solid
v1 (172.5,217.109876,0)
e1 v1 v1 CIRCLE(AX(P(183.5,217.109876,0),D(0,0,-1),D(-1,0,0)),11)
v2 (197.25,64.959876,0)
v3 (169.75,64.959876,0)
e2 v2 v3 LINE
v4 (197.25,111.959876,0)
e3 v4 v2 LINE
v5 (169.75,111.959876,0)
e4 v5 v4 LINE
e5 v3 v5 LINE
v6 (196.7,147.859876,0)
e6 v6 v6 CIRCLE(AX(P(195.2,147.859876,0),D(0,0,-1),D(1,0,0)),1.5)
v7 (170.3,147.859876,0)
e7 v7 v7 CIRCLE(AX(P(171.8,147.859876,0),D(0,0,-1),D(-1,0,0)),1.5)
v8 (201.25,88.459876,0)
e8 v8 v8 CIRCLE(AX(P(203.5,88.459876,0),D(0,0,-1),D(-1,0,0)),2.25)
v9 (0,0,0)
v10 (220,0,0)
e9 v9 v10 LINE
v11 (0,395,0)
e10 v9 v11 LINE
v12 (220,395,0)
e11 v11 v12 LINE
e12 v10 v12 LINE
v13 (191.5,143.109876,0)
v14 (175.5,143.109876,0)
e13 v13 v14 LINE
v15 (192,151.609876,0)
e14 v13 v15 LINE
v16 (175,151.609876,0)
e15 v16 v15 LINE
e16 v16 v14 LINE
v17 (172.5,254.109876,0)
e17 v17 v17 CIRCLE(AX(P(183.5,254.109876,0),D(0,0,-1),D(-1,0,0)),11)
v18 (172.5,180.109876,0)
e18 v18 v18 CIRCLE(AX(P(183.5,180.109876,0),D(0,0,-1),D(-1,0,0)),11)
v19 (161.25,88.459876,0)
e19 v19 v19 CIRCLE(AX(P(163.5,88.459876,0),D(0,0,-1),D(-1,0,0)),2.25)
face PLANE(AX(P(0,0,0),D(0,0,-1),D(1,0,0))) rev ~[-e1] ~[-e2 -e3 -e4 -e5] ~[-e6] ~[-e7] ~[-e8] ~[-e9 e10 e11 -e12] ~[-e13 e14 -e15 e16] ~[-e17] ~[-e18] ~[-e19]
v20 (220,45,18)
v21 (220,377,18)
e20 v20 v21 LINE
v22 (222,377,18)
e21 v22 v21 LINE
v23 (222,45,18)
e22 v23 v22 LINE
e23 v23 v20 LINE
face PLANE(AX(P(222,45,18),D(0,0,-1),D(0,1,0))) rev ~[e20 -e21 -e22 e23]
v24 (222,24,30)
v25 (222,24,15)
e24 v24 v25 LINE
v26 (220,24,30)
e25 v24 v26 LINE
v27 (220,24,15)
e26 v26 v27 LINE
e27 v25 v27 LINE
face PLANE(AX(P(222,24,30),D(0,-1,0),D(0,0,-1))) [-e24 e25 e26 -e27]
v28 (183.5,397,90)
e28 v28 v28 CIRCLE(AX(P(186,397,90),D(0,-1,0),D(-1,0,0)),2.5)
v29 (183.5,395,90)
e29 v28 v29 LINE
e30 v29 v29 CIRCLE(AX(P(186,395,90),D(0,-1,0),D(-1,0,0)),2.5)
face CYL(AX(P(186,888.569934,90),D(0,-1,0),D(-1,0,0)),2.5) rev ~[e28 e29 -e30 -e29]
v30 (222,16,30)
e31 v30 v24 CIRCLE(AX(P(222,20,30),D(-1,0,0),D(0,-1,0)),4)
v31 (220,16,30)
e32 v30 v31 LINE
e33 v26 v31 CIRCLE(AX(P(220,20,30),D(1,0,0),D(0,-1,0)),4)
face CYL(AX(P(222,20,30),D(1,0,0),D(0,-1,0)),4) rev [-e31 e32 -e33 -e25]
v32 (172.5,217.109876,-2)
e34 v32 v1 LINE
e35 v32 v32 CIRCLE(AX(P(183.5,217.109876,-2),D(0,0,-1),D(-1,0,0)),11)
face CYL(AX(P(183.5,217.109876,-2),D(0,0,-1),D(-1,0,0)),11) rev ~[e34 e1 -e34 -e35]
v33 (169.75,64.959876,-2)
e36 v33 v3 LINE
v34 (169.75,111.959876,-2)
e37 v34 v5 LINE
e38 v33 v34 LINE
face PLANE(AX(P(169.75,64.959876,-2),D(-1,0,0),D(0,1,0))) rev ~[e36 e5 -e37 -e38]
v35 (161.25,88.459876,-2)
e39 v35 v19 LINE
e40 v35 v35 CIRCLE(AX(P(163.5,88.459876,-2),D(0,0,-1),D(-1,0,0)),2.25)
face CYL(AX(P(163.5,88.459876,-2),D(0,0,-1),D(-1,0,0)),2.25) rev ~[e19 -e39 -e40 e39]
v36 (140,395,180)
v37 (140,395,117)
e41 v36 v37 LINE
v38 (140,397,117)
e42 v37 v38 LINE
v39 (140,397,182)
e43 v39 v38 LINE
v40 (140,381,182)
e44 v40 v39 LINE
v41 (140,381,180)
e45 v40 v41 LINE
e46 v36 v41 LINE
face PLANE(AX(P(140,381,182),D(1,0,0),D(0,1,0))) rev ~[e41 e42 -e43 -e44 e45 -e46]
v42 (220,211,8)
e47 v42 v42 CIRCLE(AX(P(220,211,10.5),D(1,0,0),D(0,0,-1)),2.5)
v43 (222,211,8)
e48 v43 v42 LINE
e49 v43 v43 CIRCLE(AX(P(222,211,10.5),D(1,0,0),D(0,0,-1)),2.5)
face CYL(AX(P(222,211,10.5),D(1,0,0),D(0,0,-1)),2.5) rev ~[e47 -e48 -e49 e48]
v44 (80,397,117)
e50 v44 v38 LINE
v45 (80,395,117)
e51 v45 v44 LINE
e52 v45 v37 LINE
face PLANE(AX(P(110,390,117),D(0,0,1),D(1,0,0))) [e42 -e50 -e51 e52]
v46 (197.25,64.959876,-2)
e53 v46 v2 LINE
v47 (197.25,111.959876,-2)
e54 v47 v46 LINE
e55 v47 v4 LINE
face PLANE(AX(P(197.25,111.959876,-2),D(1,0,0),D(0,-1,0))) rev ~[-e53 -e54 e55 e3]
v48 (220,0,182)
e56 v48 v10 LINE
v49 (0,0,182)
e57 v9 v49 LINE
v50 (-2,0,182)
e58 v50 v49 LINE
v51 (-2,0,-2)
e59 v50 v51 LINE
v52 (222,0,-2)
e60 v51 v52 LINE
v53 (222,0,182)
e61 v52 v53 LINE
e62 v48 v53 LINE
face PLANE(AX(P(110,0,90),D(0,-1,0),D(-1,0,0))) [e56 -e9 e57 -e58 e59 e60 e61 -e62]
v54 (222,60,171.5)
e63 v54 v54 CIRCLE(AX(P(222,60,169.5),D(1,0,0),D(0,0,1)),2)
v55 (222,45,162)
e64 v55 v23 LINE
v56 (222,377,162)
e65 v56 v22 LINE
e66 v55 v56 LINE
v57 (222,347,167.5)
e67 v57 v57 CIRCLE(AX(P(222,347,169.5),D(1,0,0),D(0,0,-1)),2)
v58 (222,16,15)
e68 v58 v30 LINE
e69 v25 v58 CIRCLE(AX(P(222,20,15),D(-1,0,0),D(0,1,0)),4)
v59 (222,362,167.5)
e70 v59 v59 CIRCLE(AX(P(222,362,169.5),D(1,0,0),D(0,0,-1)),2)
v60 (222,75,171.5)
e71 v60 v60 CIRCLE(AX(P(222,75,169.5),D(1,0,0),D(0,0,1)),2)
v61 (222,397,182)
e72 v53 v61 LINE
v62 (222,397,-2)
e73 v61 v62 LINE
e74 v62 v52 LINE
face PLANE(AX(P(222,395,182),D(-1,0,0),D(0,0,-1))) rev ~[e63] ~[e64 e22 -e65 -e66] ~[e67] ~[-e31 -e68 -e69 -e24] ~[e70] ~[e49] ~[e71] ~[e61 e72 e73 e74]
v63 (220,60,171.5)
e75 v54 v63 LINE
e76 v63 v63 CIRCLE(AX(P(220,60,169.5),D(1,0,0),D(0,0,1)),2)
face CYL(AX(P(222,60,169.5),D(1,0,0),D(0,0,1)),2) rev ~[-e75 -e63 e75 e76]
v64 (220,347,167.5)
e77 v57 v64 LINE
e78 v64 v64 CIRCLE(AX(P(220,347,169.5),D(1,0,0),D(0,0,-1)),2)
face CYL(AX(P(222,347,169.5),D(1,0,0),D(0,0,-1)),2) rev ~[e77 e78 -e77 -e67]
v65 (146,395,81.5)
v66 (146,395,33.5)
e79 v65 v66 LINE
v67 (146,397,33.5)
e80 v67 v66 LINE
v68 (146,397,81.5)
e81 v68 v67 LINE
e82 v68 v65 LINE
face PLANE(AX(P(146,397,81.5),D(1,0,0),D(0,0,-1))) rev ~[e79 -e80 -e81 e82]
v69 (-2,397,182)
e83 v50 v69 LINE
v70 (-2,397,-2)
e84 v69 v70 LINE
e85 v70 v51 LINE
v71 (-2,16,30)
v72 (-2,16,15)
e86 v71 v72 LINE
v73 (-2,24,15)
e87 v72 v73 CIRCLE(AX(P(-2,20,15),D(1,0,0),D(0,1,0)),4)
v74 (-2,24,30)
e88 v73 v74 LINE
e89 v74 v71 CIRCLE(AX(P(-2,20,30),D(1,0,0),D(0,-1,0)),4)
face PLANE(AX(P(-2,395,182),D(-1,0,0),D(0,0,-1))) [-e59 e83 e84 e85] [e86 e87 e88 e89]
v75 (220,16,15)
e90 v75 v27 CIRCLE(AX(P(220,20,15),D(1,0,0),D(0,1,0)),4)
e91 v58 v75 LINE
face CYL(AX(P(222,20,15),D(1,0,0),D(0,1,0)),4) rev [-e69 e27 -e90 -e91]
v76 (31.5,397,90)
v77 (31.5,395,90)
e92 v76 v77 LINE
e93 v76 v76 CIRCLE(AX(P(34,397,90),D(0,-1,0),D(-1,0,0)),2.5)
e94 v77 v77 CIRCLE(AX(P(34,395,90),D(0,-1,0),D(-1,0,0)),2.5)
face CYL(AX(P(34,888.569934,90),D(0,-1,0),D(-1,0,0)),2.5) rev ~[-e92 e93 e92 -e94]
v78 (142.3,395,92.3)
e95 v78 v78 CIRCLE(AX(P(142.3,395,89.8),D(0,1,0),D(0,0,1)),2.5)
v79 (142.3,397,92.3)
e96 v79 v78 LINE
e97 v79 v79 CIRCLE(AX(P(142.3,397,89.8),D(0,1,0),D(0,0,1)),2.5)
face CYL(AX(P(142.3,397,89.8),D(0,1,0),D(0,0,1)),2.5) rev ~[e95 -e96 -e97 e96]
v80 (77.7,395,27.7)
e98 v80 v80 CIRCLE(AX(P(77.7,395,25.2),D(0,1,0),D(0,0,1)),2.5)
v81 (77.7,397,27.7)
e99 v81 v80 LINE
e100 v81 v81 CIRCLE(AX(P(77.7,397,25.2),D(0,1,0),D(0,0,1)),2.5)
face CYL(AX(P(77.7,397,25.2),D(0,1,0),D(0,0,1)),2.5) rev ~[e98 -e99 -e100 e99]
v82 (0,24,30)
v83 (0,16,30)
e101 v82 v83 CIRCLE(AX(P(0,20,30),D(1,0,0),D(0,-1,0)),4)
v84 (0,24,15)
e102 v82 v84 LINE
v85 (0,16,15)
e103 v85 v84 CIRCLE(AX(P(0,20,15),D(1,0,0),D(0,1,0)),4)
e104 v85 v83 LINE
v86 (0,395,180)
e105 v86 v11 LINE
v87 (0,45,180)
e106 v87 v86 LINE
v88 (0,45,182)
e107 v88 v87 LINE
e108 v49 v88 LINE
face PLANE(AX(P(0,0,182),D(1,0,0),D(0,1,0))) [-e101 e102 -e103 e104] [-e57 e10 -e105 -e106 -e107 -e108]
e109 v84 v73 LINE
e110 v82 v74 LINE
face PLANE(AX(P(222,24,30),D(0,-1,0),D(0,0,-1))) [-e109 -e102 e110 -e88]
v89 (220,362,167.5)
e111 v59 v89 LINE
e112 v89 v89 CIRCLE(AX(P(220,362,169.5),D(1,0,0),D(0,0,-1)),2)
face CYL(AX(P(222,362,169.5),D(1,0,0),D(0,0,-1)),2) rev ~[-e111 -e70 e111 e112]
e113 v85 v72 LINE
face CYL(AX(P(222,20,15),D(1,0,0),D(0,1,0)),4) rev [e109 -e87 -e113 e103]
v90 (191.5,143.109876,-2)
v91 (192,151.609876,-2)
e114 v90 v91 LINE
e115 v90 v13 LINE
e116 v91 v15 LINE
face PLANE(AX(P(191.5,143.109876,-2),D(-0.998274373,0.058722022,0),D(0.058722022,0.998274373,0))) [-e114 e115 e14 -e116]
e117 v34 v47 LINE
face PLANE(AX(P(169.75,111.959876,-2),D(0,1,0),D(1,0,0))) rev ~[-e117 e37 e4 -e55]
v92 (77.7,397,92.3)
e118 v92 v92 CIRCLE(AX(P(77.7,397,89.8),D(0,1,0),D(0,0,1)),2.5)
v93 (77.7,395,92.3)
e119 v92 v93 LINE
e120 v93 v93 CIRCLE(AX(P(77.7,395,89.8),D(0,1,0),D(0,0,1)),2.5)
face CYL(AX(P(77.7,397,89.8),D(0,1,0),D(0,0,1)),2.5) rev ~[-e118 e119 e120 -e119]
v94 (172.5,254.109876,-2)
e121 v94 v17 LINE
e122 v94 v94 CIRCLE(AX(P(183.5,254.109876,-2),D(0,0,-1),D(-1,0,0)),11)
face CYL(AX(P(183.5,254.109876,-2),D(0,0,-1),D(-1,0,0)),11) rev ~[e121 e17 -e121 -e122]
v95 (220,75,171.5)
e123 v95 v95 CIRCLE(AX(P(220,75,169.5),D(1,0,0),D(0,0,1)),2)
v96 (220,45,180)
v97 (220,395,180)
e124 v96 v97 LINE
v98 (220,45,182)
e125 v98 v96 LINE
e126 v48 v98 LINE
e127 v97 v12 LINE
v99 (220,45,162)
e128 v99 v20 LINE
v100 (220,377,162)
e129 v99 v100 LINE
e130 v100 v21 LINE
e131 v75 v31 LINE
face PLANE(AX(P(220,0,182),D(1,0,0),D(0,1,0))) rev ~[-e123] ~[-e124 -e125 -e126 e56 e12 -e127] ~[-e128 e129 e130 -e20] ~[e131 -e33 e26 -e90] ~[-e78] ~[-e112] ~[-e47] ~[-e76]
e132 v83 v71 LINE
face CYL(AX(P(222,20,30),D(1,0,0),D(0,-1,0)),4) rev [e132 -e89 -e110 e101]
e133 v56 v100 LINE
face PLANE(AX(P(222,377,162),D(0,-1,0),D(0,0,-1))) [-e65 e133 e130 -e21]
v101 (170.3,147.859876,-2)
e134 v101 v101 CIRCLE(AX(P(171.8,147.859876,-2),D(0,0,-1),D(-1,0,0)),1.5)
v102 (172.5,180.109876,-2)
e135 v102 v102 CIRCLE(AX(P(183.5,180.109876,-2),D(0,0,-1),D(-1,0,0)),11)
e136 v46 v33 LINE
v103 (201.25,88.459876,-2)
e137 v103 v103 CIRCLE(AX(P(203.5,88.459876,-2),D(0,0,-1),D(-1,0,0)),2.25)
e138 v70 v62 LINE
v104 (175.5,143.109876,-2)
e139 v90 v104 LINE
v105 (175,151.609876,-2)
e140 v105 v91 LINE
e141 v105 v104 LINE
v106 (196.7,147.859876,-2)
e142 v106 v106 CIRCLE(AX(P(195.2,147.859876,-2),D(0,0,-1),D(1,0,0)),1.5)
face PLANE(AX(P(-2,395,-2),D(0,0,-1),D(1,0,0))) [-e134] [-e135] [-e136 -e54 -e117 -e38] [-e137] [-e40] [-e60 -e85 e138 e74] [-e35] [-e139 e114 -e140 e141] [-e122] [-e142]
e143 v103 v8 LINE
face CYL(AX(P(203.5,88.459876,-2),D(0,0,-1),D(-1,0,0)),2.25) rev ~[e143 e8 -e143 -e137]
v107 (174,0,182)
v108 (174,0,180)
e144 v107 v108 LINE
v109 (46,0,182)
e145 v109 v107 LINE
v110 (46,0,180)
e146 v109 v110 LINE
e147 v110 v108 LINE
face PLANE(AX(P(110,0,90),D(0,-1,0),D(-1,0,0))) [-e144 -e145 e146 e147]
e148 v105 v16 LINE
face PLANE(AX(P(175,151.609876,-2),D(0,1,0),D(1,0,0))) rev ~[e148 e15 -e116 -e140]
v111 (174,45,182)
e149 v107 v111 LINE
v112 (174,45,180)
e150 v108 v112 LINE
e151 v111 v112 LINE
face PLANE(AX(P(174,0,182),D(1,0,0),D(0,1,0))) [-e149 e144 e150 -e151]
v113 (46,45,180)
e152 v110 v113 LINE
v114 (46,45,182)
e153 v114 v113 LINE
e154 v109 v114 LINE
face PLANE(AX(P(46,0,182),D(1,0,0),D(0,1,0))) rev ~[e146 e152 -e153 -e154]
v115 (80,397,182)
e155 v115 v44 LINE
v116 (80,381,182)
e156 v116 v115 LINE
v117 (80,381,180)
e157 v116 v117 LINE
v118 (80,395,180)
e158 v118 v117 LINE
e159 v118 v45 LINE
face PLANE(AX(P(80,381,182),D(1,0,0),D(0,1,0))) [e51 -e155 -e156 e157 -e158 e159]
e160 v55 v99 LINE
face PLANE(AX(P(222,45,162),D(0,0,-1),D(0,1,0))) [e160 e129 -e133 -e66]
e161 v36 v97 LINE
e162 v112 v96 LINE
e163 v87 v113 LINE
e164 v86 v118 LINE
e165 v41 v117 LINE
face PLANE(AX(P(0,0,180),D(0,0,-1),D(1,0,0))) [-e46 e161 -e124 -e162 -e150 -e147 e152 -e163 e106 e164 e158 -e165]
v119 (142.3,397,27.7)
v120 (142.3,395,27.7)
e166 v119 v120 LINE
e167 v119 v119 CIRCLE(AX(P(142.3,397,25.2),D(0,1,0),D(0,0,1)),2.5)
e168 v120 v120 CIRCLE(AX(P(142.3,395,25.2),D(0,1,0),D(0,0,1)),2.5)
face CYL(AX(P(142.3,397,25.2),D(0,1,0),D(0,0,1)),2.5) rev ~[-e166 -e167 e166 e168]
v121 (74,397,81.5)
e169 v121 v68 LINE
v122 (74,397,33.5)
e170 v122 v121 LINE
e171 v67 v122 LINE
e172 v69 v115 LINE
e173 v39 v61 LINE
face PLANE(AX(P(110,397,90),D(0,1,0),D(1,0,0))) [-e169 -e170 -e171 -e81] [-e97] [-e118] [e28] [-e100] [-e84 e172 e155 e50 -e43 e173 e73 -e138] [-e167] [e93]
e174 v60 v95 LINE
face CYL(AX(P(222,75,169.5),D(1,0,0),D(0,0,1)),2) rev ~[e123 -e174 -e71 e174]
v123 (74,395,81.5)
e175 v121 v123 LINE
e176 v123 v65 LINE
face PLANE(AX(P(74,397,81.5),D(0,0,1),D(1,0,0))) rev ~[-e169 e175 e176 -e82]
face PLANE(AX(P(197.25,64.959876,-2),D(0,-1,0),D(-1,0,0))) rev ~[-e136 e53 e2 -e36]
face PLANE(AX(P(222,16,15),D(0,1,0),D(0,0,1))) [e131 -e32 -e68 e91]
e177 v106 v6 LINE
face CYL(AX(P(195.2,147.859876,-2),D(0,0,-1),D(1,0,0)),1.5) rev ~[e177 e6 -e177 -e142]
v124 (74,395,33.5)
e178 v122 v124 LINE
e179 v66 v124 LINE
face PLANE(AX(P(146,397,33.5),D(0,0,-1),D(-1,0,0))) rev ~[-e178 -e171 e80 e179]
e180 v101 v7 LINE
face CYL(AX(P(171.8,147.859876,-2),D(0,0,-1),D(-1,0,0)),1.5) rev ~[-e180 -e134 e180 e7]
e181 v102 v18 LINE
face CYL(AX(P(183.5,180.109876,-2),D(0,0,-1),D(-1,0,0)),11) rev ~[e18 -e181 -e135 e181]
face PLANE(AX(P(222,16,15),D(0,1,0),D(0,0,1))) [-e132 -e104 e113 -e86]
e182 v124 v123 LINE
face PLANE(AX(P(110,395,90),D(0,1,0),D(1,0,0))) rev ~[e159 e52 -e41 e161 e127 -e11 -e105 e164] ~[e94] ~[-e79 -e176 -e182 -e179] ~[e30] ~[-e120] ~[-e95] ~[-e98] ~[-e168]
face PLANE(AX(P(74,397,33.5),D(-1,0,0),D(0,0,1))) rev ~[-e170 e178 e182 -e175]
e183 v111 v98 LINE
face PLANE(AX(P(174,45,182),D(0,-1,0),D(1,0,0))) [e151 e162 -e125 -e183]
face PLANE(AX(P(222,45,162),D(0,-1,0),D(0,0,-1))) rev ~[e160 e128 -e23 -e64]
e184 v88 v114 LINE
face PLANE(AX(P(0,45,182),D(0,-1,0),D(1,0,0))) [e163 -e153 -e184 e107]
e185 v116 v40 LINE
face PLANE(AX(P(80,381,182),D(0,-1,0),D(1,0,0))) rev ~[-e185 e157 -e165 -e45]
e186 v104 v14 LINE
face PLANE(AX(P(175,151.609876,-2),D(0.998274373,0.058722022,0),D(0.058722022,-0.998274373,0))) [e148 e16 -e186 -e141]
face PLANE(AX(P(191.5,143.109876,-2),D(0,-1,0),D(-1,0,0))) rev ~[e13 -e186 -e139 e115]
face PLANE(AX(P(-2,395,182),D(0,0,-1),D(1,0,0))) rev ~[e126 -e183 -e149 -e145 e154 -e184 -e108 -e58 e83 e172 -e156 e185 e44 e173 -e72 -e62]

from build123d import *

# Parameters (mm, degrees)
SKETCH_1_W          = 220
SKETCH_1_H          = 180
EXTRUDE_1_DEPTH     = 395
SKETCH_17_W         = 46
SKETCH_17_H         = 45
CUT_EXTRUDE_2_DEPTH = 2
SKETCH_19_W         = 224
SKETCH_19_H         = 184
EXTRUDE_13_DEPTH    = 2
SKETCH_20_W         = 60
SKETCH_20_H         = 18
CUT_EXTRUDE_4_DEPTH = 65
SKETCH_21_W         = 144
SKETCH_21_H         = 332
CUT_EXTRUDE_5_DEPTH = 2
SKETCH_22_R         = 2.5
CUT_EXTRUDE_6_DEPTH = 10
SKETCH_23_R         = 11
SKETCH_23_R_2       = 2.25
SKETCH_23_R_3       = 1.5
CUT_EXTRUDE_7_DEPTH = 2
SKETCH_24_R         = 2
SKETCH_24_R_2       = 2.5
CUT_EXTRUDE_8_DEPTH = 3
CUT_EXTRUDE_9_DEPTH = 491.824815999
HOLE_WIZARD_M6_1_D  = 5


with BuildPart() as part:
    # 草图1 → 凸台-拉伸1 (new body)
    with BuildSketch(Plane(origin=(0, 0, 0), x_dir=(1, 0, 0), z_dir=(0, 1, 0))):
        Polygon((222, 2), (222, -182), (173, -182), (47, -182), (-2, -182), (-2, 2), align=None)
        with Locations((110, -90)):
            Rectangle(SKETCH_1_W, SKETCH_1_H, mode=Mode.SUBTRACT)
    extrude(amount=EXTRUDE_1_DEPTH)

    # 草图17 → 切除-拉伸2 (cut)
    with BuildSketch(Plane.XY.offset(182)):
        with Locations((23, 22.5)):
            Rectangle(SKETCH_17_W, SKETCH_17_H)
        with Locations((197, 22.5)):
            Rectangle(SKETCH_17_W, SKETCH_17_H)
    extrude(amount=-CUT_EXTRUDE_2_DEPTH, mode=Mode.SUBTRACT)

    # 草图19 → 凸台-拉伸13 (add)
    with BuildSketch(Plane(origin=(0, 395, 0), x_dir=(1, 0, 0), z_dir=(0, 1, 0))):
        with Locations((110, -90)):
            Rectangle(SKETCH_19_W, SKETCH_19_H)
    extrude(amount=EXTRUDE_13_DEPTH)

    # 草图20 → 切除-拉伸4 (cut)
    with BuildSketch(Plane.XY.offset(182)):
        with Locations((110, 390)):
            Rectangle(SKETCH_20_W, SKETCH_20_H)
    extrude(amount=-CUT_EXTRUDE_4_DEPTH, mode=Mode.SUBTRACT)

    # 草图21 → 切除-拉伸5 (cut)
    with BuildSketch(Plane(origin=(222, 0, 0), x_dir=(0, 0, -1), z_dir=(1, 0, 0))):
        with Locations((-90, 211)):
            Rectangle(SKETCH_21_W, SKETCH_21_H)
    extrude(amount=-CUT_EXTRUDE_5_DEPTH, mode=Mode.SUBTRACT)

    # 草图22 → 切除-拉伸6 (cut)
    with BuildSketch(Plane(origin=(0, 397, 0), x_dir=(1, 0, 0), z_dir=(0, 1, 0))):
        with Locations(Location((77.7, -25.2, 0), (0, 0, 270))):
            Circle(SKETCH_22_R)
        with Locations(Location((77.7, -89.8, 0), (0, 0, 270))):
            Circle(SKETCH_22_R)
        with Locations(Location((142.3, -89.8, 0), (0, 0, 270))):
            Circle(SKETCH_22_R)
        with Locations(Location((142.3, -25.2, 0), (0, 0, 270))):
            Circle(SKETCH_22_R)
        Polygon((74, -57.5), (74, -81.5), (146, -81.5), (146, -33.5), (74, -33.5), align=None)
    extrude(amount=-CUT_EXTRUDE_6_DEPTH, mode=Mode.SUBTRACT)

    # 草图23 → 切除-拉伸7 (cut)
    with BuildSketch(Plane(origin=(0, 0, -2), x_dir=(-1, 0, 0), z_dir=(0, 0, -1))):
        with Locations((-183.5, 217.109875683)):
            Circle(SKETCH_23_R)
        with Locations((-203.5, 88.459875683)):
            Circle(SKETCH_23_R_2)
        with Locations((-163.5, 88.459875683)):
            Circle(SKETCH_23_R_2)
        with Locations((-183.5, 180.109875683)):
            Circle(SKETCH_23_R)
        with Locations((-183.5, 254.109875683)):
            Circle(SKETCH_23_R)
        with Locations((-171.8, 147.859875683)):
            Circle(SKETCH_23_R_3)
        with Locations(Location((-195.2, 147.859875683, 0), (0, 0, 180))):
            Circle(SKETCH_23_R_3)
        Polygon((-183.5, 111.959875683), (-197.25, 111.959875683), (-197.25, 64.959875683), (-169.75, 64.959875683), (-169.75, 111.959875683), align=None)
        Polygon((-183.5, 151.609875683), (-175, 151.609875683), (-175.5, 143.109875683), (-183.5, 143.109875683), (-191.5, 143.109875683), (-192, 151.609875683), align=None)
    extrude(amount=-CUT_EXTRUDE_7_DEPTH, mode=Mode.SUBTRACT)

    # 草图24 → 切除-拉伸8 (cut)
    with BuildSketch(Plane(origin=(222, 0, 0), x_dir=(0, 0, -1), z_dir=(1, 0, 0))):
        with Locations((-169.5, 362)):
            Circle(SKETCH_24_R)
        with Locations((-169.5, 347)):
            Circle(SKETCH_24_R)
        with Locations(Location((-169.5, 75, 0), (0, 0, 180))):
            Circle(SKETCH_24_R)
        with Locations(Location((-169.5, 60, 0), (0, 0, 180))):
            Circle(SKETCH_24_R)
        with Locations((-10.5, 211)):
            Circle(SKETCH_24_R_2)
    extrude(amount=-CUT_EXTRUDE_8_DEPTH, mode=Mode.SUBTRACT)

    # 草图25 → 切除-拉伸9 (cut, through all)
    with BuildSketch(Plane(origin=(222, 0, 0), x_dir=(0, 0, -1), z_dir=(1, 0, 0))):
        with BuildLine():
            Line((-15, 16), (-30, 16))
            ThreePointArc((-30, 16), (-34, 20), (-30, 24))
            Line((-30, 24), (-15, 24))
            ThreePointArc((-15, 24), (-11, 20), (-15, 16))
        make_face()
    extrude(amount=-CUT_EXTRUDE_9_DEPTH, mode=Mode.SUBTRACT)

    # M6 螺纹孔1 (through all)
    with Locations(Plane(origin=(0, 397, 0), x_dir=(1, 0, 0), z_dir=(0, 1, 0))):
        with Locations((186, -90), (34, -90)):
            Hole(HOLE_WIZARD_M6_1_D / 2)


solid = part.part
